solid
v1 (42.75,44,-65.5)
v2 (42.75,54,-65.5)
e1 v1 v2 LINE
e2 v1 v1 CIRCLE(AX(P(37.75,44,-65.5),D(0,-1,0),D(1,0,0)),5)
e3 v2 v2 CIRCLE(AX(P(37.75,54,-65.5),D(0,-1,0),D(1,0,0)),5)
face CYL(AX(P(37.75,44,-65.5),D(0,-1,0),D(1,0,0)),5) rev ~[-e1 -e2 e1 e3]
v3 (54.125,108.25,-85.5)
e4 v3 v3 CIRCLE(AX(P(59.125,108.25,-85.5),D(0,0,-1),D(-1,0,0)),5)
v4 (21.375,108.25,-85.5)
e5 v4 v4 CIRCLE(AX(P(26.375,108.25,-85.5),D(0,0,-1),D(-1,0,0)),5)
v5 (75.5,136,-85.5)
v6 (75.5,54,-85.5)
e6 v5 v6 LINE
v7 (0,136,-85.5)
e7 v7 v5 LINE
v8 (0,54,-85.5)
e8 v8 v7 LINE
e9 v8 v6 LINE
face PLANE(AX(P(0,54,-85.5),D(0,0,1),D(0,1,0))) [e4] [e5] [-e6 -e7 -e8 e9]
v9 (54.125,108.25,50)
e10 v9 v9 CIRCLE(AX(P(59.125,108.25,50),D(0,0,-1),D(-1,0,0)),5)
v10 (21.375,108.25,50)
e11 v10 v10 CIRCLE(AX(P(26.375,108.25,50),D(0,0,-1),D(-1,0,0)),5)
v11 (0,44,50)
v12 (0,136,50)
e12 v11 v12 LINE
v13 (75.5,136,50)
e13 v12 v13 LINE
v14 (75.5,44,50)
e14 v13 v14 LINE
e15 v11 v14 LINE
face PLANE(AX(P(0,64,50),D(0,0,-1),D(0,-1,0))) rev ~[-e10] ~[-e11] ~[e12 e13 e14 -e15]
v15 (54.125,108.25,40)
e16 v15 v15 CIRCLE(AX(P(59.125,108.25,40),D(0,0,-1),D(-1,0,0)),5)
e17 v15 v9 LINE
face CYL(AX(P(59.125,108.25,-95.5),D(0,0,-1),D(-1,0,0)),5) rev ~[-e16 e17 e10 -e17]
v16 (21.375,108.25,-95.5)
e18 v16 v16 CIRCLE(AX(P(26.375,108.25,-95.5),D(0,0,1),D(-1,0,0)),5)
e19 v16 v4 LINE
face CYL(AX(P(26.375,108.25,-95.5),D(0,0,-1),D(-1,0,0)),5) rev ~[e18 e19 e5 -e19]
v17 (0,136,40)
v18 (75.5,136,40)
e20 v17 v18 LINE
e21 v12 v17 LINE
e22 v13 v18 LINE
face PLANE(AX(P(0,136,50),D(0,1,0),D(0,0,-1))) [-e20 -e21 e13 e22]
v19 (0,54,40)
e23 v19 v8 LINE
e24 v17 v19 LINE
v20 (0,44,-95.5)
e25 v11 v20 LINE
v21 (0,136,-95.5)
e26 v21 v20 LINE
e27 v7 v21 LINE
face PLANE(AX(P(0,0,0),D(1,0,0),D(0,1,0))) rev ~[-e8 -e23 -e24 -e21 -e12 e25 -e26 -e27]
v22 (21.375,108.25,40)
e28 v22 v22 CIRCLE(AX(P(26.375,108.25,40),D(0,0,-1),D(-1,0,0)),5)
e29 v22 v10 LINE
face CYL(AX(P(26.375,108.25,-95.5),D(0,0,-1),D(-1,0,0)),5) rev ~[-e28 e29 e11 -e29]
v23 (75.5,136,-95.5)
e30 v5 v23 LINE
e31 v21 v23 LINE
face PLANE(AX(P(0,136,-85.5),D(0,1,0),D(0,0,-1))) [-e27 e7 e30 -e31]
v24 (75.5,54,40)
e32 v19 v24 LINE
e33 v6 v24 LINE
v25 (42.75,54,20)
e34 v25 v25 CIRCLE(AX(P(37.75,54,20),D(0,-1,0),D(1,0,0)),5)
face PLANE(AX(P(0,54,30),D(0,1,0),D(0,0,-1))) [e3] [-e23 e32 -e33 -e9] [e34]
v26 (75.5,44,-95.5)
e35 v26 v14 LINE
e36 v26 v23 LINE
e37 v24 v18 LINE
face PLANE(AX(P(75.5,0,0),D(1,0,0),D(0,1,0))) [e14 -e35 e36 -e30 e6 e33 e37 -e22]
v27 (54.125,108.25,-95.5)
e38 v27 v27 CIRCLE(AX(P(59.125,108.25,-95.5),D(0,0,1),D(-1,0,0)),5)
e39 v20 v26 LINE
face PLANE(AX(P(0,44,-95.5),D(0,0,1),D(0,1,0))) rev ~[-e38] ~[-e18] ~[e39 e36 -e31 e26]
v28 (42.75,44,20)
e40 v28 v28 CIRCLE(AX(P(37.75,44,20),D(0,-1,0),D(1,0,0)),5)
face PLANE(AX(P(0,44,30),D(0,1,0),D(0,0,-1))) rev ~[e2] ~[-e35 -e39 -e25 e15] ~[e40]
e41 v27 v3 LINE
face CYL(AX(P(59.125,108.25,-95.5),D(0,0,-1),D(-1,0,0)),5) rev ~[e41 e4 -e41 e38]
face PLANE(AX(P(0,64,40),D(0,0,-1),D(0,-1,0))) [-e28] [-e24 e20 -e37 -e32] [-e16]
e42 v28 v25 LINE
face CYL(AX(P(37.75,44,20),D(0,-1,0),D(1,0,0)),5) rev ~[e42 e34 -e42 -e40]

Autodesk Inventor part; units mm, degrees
ref_plane "YZ Plane" through (0, 0, 0) normal (1, 0, 0) x (0, 1, 0)
ref_plane "XZ Plane" through (0, 0, 0) normal (0, 1, 0) x (-1, 0, 0)
ref_plane "XY Plane" through (0, 0, 0) normal (0, 0, 1) x (1, 0, 0)
sketch "Sketch1" plane through (0, 0, 0) normal (1, 0, 0) x (0, 1, 0)
  line L0 (-6, -12.5) -> (-6, -12.9)
  arc A0 (-6, -12.9) -> (-5.6, -13.3) centre (-5.6, -12.9) ccw
  line L1 (-5.6, -13.3) -> (-4.9, -13.3)
  arc A1 (-4.9, -13.3) -> (-4.7, -13.1) centre (-4.9, -13.1) ccw
  line L2 (-4.7, -13.1) -> (-4.7, -12.85)
  arc A2 (-4.5, -12.65) -> (-4.7, -12.85) centre (-4.5, -12.85) ccw
  line L3 (-4.5, -12.65) -> (-1.8, -12.65)
  arc A3 (-1.4, -13.05) -> (-1.8, -12.65) centre (-1.8, -13.05) ccw
  line L4 (-1.4, -13.05) -> (-1.4, -18.75)
  line L5 (-1.8, -19.15) -> (-4.5, -19.15)
  arc A4 (-1.8, -19.15) -> (-1.4, -18.75) centre (-1.8, -18.75) ccw
  arc A5 (-4.7, -18.95) -> (-4.5, -19.15) centre (-4.5, -18.95) ccw
  line L6 (-4.7, -18.95) -> (-4.7, -18.7)
  arc A6 (-4.7, -18.7) -> (-4.9, -18.5) centre (-4.9, -18.7) ccw
  line L7 (-4.9, -18.5) -> (-5.6, -18.5)
  arc A7 (-5.6, -18.5) -> (-6, -18.9) centre (-5.6, -18.9) ccw
  line L8 (-6, -18.9) -> (-6, -19.5)
  line L9 (-6.5, -6.5) -> (-6.5, -12.5)
  line L10 (-6.5, -12.5) -> (-2.5, -12.5)
  line L11 (-1.05, -19.5) -> (-6.5, -19.5)
  line L12 (-6.5, -19.5) -> (-6.5, -26)
  line L13 (-6.5, -26) -> (-1.05, -26)
  line L14 (-6, -26) -> (-6, -26.6)
  arc A8 (-6, -26.6) -> (-5.6, -27) centre (-5.6, -26.6) ccw
  line L15 (-5.6, -27) -> (-4.9, -27)
  arc A9 (-4.9, -27) -> (-4.7, -26.8) centre (-4.9, -26.8) ccw
  arc A10 (-4.5, -26.35) -> (-4.7, -26.55) centre (-4.5, -26.55) ccw
  line L16 (-4.7, -26.8) -> (-4.7, -26.55)
  line L17 (-4.5, -26.35) -> (-1.8, -26.35)
  arc A11 (-1.4, -26.75) -> (-1.8, -26.35) centre (-1.8, -26.75) ccw
  line L18 (-1.4, -26.75) -> (-1.4, -32.45)
  arc A12 (-1.8, -32.85) -> (-1.4, -32.45) centre (-1.8, -32.45) ccw
  line L19 (-1.8, -32.85) -> (-4.5, -32.85)
  arc A13 (-4.7, -32.65) -> (-4.5, -32.85) centre (-4.5, -32.65) ccw
  line L20 (-4.7, -32.65) -> (-4.7, -32.4)
  arc A14 (-4.7, -32.4) -> (-4.9, -32.2) centre (-4.9, -32.4) ccw
  line L21 (-4.9, -32.2) -> (-5.6, -32.2)
  arc A15 (-5.6, -32.2) -> (-6, -32.6) centre (-5.6, -32.6) ccw
  line L22 (-6, -32.6) -> (-6, -33)
  line L23 (-2.5, -33) -> (-6.5, -33)
  line L24 (-6.5, -33) -> (-6.5, -39)
  line L25 (32.5, 0) -> (0, 0)
  circle A16 centre (0, -6.5) radius 4.75
  circle A17 centre (32.5, -6.5) radius 4.75
  circle A18 centre (0, -39) radius 4.75
  circle A19 centre (32.5, -39) radius 4.75
  line L26 (39, -26) -> (39, -19.5)
  line L27 (39, -12.5) -> (39, -6.5)
  line L28 (39, -39) -> (39, -33)
  line L29 (26.5, -45.5) -> (32.5, -45.5)
  line L30 (0, -45.5) -> (6, -45.5)
  line L31 (13, -45.5) -> (19.5, -45.5)
  circle A20 centre (16.25, -22.75) radius 15
  circle A21 centre (16.2588, 5.0016) radius 2.5
  circle A22 centre (16.25, -50.5) radius 2.5
  circle A23 centre (16.25, -22.75) radius 5
  circle A24 centre (16.25, -22.75) radius 8.45
  line L32 (24.75, -27.6575) -> (24.75, -17.8425)
  line L33 (44, 10) -> (-11.5, 10)
  line L34 (-11.5, 10) -> (-11.5, -55.5)
  line L35 (-11.5, -55.5) -> (44, -55.5)
  line L36 (44, -55.5) -> (44, 10)
  line L37 (-11.5, 30) -> (44, 30)
  line L38 (-11.5, -75.5) -> (-11.5, 30)
  line L39 (44, 30) -> (44, -75.5)
  line L40 (44, -75.5) -> (-11.5, -75.5)
  circle A25 centre (16.25, -65.5) radius 5
  circle A26 centre (16.25, 20) radius 5
  line L41 (44, 30) -> (44, 50)
  line L42 (44, -75.5) -> (44, -95.5)
  line L43 (110, 50) -> (84, 50)
  line L44 (84, 50) -> (84, -95.5)
  line L45 (84, -95.5) -> (110, -95.5)
  line L46 (110, -95.5) -> (110, 50)
  line L47 (84, 50) -> (104, 50)
  line L48 (104, -95.5) -> (84, -95.5)
  line L49 (84, -95.5) -> (84, 50)
  line L50 (84, 50) -> (64, 50)
  line L51 (64, 50) -> (64, -95.5)
  line L52 (64, -95.5) -> (84, -95.5)
  line L53 (84, -95.5) -> (84, 50)
  line L54 (64, 50) -> (44, 50)
  line L55 (44, 50) -> (44, -95.5)
  line L56 (44, -95.5) -> (64, -95.5)
  line L57 (64, -95.5) -> (64, 50)
  line L58 (44, 30) -> (54, 30)
  line L59 (100.8097, 50) -> (100.8097, 40)
  line L60 (94, -95.5) -> (94, -85.5)
  line L61 (110, 40) -> (54, 40)
  line L62 (54, 40) -> (54, -85.5)
  line L63 (54, -85.5) -> (110, -85.5)
  line L64 (110, 50) -> (136, 50)
  line L65 (136, 50) -> (136, 40)
  line L66 (136, 40) -> (110, 40)
  line L67 (110, -85.5) -> (136, -85.5)
  line L68 (136, -85.5) -> (136, -95.5)
  line L69 (136, -95.5) -> (110, -95.5)
  dimension "d0" = 20
  dimension "d1" = 20
  dimension "d2" = 55.5
  dimension "d3" = 26
  dimension "d5" = 20
  dimension "d6" = 45.5
  dimension "d7" = 20
  dimension "d8" = 10
  dimension "d9" = 10
  dimension "d10" = 26
extrude "Extrusion1" add sketch "Sketch1" along normal blind 75.5 contours L39 L58 L62 L63 L51 L56 L42 L36 | L41 L54 L51 L61 L62 L58 | L50 L44 L61 L51 | L51 L63 L44 L52 | L43 L59 L61 L44 | L44 L63 L60 L45 | L43 L46 L61 L59 | L60 L63 L46 L45 | L64 L65 L66 L46 | L67 L68 L69 L46
sketch "Sketch2" plane through (0, 44, -95.5) normal (0, -1, 0) x (1, 0, 0)
  line L0 (15.5, 83) -> (15.5, 82.6)
  arc A0 (15.5, 82.6) -> (15.9, 82.2) centre (15.9, 82.6) ccw
  line L1 (15.9, 82.2) -> (16.6, 82.2)
  arc A1 (16.6, 82.2) -> (16.8, 82.4) centre (16.6, 82.4) ccw
  line L2 (16.8, 82.4) -> (16.8, 82.65)
  arc A2 (17, 82.85) -> (16.8, 82.65) centre (17, 82.65) ccw
  line L3 (17, 82.85) -> (19.7, 82.85)
  arc A3 (20.1, 82.45) -> (19.7, 82.85) centre (19.7, 82.45) ccw
  line L4 (20.1, 82.45) -> (20.1, 76.75)
  line L5 (19.7, 76.35) -> (17, 76.35)
  arc A4 (19.7, 76.35) -> (20.1, 76.75) centre (19.7, 76.75) ccw
  arc A5 (16.8, 76.55) -> (17, 76.35) centre (17, 76.55) ccw
  line L6 (16.8, 76.55) -> (16.8, 76.8)
  arc A6 (16.8, 76.8) -> (16.6, 77) centre (16.6, 76.8) ccw
  line L7 (16.6, 77) -> (15.9, 77)
  arc A7 (15.9, 77) -> (15.5, 76.6) centre (15.9, 76.6) ccw
  line L8 (15.5, 76.6) -> (15.5, 76)
  line L9 (15, 89) -> (15, 83)
  line L10 (15, 83) -> (19, 83)
  line L11 (20.45, 76) -> (15, 76)
  line L12 (15, 76) -> (15, 69.5)
  line L13 (15, 69.5) -> (20.45, 69.5)
  line L14 (15.5, 69.5) -> (15.5, 68.9)
  arc A8 (15.5, 68.9) -> (15.9, 68.5) centre (15.9, 68.9) ccw
  line L15 (15.9, 68.5) -> (16.6, 68.5)
  arc A9 (16.6, 68.5) -> (16.8, 68.7) centre (16.6, 68.7) ccw
  arc A10 (17, 69.15) -> (16.8, 68.95) centre (17, 68.95) ccw
  line L16 (16.8, 68.7) -> (16.8, 68.95)
  line L17 (17, 69.15) -> (19.7, 69.15)
  arc A11 (20.1, 68.75) -> (19.7, 69.15) centre (19.7, 68.75) ccw
  line L18 (20.1, 68.75) -> (20.1, 63.05)
  arc A12 (19.7, 62.65) -> (20.1, 63.05) centre (19.7, 63.05) ccw
  line L19 (19.7, 62.65) -> (17, 62.65)
  arc A13 (16.8, 62.85) -> (17, 62.65) centre (17, 62.85) ccw
  line L20 (16.8, 62.85) -> (16.8, 63.1)
  arc A14 (16.8, 63.1) -> (16.6, 63.3) centre (16.6, 63.1) ccw
  line L21 (16.6, 63.3) -> (15.9, 63.3)
  arc A15 (15.9, 63.3) -> (15.5, 62.9) centre (15.9, 62.9) ccw
  line L22 (15.5, 62.9) -> (15.5, 62.5)
  line L23 (19, 62.5) -> (15, 62.5)
  line L24 (15, 62.5) -> (15, 56.5)
  line L25 (54, 95.5) -> (21.5, 96.1203)
  circle A16 centre (21.5, 89) radius 4.75
  circle A17 centre (54, 89) radius 4.75
  circle A18 centre (21.5, 56.5) radius 4.75
  circle A19 centre (54, 56.5) radius 4.75
  line L26 (60.5, 69.5) -> (60.5, 76)
  line L27 (60.5, 83) -> (60.5, 89)
  line L28 (60.5, 56.5) -> (60.5, 62.5)
  line L29 (48, 50) -> (54, 50)
  line L30 (21.5, 50) -> (27.5, 50)
  line L31 (34.5, 50) -> (41, 50)
  circle A20 centre (37.75, 72.75) radius 15
  circle A21 centre (37.7588, 100.5016) radius 2.5
  circle A22 centre (37.75, 45) radius 2.5
  circle A23 centre (37.75, 72.75) radius 5
  circle A24 centre (37.75, 72.75) radius 8.45
  line L32 (46.25, 67.8425) -> (46.25, 77.6575)
  line L33 (65.5, 105.5) -> (10, 105.5)
  line L34 (10, 105.5) -> (10, 40)
  line L35 (10, 40) -> (65.5, 40)
  line L36 (65.5, 40) -> (65.5, 105.5)
  line L37 (10, 125.5) -> (65.5, 125.5)
  line L38 (10, 20) -> (10, 125.5)
  line L39 (65.5, 125.5) -> (65.5, 20)
  line L40 (65.5, 20) -> (10, 20)
  circle A25 centre (37.75, 30) radius 5
  circle A26 centre (37.75, 115.5) radius 5
  line L41 (0, 145.5) -> (0, 0) projected
  line L42 (75.5, 145.5) -> (75.5, 0) projected
  line L43 (0, 145.5) -> (75.5, 0)
  line L44 (75.5, 0) -> (75.5, 145.5)
  line L45 (75.5, 145.5) -> (0, 0)
  line L46 (37.75, 72.75) -> (-23.5643, 72.75)
  point P0 (0, 95.5)
extrude "Extrusion2" cut sketch "Sketch2" against normal blind 75.5 contours A25 | A26
sketch "Sketch3" plane through (0, 44, -95.5) normal (0, 0, -1) x (-1, 0, 0)
  line L0 (0, 92) -> (-75.5, 92) projected
  line L1 (-75.5, 92) -> (-10, 92)
  line L2 (-10, 92) -> (-10, 36.5)
  line L3 (-10, 36.5) -> (-75.5, 36.5)
  line L4 (-75.5, 36.5) -> (-75.5, 92)
  line L5 (-42.75, 36.5) -> (-42.75, 92)
  line L6 (-10, 36.5) -> (-42.75, 92)
  line L7 (-26.375, 64.25) -> (-42.75, 64.25)
  line L8 (-42.75, 36.5) -> (-75.5, 92)
  line L9 (-59.125, 64.25) -> (-42.75, 64.25)
  circle A0 centre (-26.375, 64.25) radius 5
  circle A1 centre (-59.125, 64.25) radius 5
  point P0 (0, -44)
  dimension "d21" = 65.5
  dimension "d22" = 55.5
  dimension "d23" = 10
  dimension "d24" = 10
extrude "Extrusion3" cut sketch "Sketch3" against normal through all contours A0 L6 | L6 L7 A0 | A0 L7 L6 | A1 L9 L8 | L8 A1 | A1 L8 L9
properties part number "CarroSuperior"
